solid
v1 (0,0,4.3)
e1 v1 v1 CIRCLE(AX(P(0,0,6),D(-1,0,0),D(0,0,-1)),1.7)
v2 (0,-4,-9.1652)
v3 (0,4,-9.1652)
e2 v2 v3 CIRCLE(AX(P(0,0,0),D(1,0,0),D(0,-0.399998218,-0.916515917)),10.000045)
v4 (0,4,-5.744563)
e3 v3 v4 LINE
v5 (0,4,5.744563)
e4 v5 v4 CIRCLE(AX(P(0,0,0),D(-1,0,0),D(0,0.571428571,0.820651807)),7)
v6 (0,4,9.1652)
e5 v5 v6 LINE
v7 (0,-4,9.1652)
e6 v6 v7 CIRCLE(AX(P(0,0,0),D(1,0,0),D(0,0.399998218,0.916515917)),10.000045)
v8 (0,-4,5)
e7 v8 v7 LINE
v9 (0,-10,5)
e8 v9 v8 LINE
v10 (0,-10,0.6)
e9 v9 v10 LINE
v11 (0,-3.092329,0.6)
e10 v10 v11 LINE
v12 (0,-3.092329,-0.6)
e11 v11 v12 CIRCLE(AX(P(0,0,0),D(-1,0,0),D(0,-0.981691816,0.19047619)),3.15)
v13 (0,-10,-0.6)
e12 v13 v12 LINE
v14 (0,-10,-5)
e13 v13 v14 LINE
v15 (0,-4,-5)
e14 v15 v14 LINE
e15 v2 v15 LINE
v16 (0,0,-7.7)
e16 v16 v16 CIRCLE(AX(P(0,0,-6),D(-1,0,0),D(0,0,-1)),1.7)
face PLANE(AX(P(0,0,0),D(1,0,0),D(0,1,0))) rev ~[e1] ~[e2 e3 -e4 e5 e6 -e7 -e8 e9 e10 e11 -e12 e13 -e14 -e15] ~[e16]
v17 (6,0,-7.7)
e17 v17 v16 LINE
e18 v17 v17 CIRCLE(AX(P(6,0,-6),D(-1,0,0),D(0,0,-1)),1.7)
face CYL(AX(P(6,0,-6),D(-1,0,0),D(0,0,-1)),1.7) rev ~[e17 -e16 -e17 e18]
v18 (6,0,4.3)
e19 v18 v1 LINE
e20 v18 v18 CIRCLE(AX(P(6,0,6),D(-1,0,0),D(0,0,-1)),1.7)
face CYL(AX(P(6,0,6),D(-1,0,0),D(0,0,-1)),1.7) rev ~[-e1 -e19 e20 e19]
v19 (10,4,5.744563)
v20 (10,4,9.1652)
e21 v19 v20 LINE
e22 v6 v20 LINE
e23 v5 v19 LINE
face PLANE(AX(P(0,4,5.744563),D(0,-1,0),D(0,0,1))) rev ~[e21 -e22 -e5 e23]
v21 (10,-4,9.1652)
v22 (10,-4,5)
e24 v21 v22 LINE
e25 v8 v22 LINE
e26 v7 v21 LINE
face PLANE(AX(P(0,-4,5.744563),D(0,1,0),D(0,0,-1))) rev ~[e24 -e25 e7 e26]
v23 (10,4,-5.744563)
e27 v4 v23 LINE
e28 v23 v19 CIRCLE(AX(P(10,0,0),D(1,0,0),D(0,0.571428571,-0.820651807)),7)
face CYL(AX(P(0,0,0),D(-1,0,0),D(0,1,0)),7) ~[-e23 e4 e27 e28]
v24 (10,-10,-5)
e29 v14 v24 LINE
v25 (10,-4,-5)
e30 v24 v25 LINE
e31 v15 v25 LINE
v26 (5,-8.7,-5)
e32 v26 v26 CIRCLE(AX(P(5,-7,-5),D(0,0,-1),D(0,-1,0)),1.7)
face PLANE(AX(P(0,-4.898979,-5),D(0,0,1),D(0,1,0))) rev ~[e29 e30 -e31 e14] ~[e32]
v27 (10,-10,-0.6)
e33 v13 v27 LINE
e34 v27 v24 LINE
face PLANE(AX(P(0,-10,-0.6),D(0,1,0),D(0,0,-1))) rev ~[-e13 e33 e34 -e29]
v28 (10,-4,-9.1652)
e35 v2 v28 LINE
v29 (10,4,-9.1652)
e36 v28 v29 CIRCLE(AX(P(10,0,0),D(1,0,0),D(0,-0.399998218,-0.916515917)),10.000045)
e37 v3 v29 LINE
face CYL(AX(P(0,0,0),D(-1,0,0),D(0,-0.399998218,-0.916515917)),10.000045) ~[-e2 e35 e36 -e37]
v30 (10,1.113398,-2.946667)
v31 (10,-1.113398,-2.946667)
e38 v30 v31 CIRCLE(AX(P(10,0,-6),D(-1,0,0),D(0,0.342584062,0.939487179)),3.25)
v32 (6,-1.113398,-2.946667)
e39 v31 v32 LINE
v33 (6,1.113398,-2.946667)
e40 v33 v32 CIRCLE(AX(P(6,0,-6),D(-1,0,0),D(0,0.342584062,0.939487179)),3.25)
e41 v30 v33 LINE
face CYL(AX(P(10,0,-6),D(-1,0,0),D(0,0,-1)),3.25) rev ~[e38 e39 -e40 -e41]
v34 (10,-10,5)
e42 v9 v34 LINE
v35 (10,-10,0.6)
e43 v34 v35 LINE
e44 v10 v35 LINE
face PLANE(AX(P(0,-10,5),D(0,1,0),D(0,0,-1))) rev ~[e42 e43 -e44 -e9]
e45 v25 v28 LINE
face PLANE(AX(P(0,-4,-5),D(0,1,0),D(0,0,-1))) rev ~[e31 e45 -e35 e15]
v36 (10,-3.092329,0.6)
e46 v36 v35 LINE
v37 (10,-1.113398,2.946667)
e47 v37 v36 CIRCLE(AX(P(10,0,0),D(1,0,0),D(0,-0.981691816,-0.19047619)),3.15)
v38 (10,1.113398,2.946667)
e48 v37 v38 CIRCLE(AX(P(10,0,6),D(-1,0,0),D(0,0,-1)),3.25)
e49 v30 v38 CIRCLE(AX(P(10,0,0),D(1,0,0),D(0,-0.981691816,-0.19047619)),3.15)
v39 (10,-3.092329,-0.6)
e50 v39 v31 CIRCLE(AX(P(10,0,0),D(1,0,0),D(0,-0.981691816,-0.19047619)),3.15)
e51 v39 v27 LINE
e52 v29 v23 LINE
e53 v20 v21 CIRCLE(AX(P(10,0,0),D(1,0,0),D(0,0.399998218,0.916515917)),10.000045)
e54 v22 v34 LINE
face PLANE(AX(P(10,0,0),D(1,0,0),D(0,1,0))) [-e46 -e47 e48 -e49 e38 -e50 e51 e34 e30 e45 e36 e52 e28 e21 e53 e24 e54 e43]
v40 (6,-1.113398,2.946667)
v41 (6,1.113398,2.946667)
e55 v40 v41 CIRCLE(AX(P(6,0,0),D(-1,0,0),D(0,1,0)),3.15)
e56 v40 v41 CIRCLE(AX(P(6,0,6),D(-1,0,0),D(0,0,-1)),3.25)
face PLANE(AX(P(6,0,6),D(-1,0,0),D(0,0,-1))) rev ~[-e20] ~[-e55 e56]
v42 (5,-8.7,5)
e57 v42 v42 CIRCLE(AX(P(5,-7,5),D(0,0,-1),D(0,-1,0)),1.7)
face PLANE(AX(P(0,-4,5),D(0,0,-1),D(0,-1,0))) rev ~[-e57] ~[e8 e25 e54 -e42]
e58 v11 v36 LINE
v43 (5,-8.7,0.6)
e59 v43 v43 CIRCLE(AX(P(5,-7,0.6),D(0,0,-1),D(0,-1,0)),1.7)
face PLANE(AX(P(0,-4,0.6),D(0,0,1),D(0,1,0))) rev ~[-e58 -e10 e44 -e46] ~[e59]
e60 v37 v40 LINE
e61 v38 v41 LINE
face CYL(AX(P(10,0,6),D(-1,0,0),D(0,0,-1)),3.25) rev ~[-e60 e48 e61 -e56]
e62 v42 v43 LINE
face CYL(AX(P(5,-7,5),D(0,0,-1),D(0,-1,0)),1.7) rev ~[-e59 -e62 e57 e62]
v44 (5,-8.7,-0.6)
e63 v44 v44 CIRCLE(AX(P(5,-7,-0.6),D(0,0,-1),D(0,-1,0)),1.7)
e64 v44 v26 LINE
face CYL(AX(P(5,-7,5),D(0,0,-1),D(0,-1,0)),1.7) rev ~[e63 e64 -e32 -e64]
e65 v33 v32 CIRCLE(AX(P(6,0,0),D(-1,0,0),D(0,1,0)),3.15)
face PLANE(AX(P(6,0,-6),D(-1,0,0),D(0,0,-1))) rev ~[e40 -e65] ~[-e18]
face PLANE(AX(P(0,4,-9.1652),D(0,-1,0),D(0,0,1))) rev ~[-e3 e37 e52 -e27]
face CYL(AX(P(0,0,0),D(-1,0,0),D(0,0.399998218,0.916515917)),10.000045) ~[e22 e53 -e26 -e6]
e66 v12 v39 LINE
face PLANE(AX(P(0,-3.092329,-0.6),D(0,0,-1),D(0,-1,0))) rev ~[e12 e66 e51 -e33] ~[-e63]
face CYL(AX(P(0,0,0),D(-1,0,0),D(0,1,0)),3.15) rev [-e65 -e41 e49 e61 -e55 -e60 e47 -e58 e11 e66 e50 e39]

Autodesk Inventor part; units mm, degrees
ref_plane "YZ Plane" through (0, 0, 0) normal (1, 0, 0) x (0, 1, 0)
ref_plane "XZ Plane" through (0, 0, 0) normal (0, 1, 0) x (-1, 0, 0)
ref_plane "XY Plane" through (0, 0, 0) normal (0, 0, 1) x (1, 0, 0)
sketch "スケッチ1" plane through (0, 0, 0) normal (1, 0, 0) x (0, 1, 0)
  circle A0 centre (0, 0) radius 3.15
  circle A1 centre (0, 0) radius 7
  line L0 (0, 5) -> (-10, 5)
  line L1 (-10, 5) -> (-10, -5)
  line L2 (-10, -5) -> (0, -5)
  line L3 (0, -5) -> (0, 5) construction
  line L4 (-10, 0.6) -> (0, 0.6)
  line L5 (0, 0.6) -> (0, -0.6)
  line L6 (0, -0.6) -> (-10, -0.6)
  line L7 (-10, -0.6) -> (-10, 0.6)
  line L8 (4, 10) -> (-4, 10) construction
  line L9 (-4, 10) -> (-4, -10)
  line L10 (-4, -10) -> (4, -10) construction
  line L11 (4, -10) -> (4, 10)
  line L12 (4, 10) -> (-4, -10) construction
  line L13 (-4, 10) -> (4, -10) construction
  arc A2 (4, 9.1652) -> (-4, 9.1652) centre (0, 0) ccw
  arc A3 (-4, -9.1652) -> (4, -9.1652) centre (0, 0) ccw
  point P0 (-11, 3.3541)
  point P1 (-11, -3.3541)
  point P2 (-4.899, 5)
  point P3 (-4.899, -5)
  point P4 (-3.0923, 0.6)
  point P5 (-3.0923, -0.6)
  point P6 (-6.9742, -0.6)
  point P7 (-6.9742, 0.6)
  point P8 (0, -3.15)
  point P9 (0, 3.15)
  point P10 (0, 0.6)
  point P11 (-4, -5)
  point P12 (4, -5.7446)
  point P13 (4, 5.7446)
  point P14 (-4, 5)
  dimension "d0" = 6.3
  dimension "d1" = 14
  dimension "d2" = 5
  dimension "d3" = 5
  dimension "d4" = 10
  dimension "d18" = 1.2
  dimension "d19" = 0.6
  dimension "d45" = 8
  dimension "d46" = 20
extrude "押し出し1" add sketch "スケッチ1" along normal blind 10 contours A0 L4 L9 A1 L11 L6 | L4 A1 L0 L9 | L9 L2 A1 L6 | L4 L1 L0 A1 | A1 L2 L1 L6 | L9 A2 L11 A1 | A1 L11 A3 L9 | A1 L11
sketch "スケッチ2" plane through (10, 0, 0) normal (1, 0, 0) x (0, 0, -1)
  line L0 (14, 0) -> (-14, 0) projected
  point P0 (0, 0)
  point P1 (-6, 0)
  point P2 (6, 0)
  dimension "d7" = 6
  dimension "d8" = 6
hole "穴1" at (10, 0, 6) at (10, 0, -6) direction (-1, 0, 0) diameter 3.4 end through all counterbore diameter 6.5 counterbore depth 4
sketch "スケッチ3" plane through (0, -4.899, 5) normal (0, 0, 1) x (1, 0, 0)
  line L0 (0, -5.101) -> (10, -5.101) projected
  point P0 (5, -2.101)
  point P1 (5, -5.101)
  dimension "d44" = 3
hole "穴2" at (5, -7, 5) direction (0, 0, -1) diameter 3.4 end through all
equation "\"d3\" = d2"
equation "\"d19\" = 0.5 * d18"
equation "\"d8\" = d7"
properties part number "セットカラ―" material "ABS プラスチック"
